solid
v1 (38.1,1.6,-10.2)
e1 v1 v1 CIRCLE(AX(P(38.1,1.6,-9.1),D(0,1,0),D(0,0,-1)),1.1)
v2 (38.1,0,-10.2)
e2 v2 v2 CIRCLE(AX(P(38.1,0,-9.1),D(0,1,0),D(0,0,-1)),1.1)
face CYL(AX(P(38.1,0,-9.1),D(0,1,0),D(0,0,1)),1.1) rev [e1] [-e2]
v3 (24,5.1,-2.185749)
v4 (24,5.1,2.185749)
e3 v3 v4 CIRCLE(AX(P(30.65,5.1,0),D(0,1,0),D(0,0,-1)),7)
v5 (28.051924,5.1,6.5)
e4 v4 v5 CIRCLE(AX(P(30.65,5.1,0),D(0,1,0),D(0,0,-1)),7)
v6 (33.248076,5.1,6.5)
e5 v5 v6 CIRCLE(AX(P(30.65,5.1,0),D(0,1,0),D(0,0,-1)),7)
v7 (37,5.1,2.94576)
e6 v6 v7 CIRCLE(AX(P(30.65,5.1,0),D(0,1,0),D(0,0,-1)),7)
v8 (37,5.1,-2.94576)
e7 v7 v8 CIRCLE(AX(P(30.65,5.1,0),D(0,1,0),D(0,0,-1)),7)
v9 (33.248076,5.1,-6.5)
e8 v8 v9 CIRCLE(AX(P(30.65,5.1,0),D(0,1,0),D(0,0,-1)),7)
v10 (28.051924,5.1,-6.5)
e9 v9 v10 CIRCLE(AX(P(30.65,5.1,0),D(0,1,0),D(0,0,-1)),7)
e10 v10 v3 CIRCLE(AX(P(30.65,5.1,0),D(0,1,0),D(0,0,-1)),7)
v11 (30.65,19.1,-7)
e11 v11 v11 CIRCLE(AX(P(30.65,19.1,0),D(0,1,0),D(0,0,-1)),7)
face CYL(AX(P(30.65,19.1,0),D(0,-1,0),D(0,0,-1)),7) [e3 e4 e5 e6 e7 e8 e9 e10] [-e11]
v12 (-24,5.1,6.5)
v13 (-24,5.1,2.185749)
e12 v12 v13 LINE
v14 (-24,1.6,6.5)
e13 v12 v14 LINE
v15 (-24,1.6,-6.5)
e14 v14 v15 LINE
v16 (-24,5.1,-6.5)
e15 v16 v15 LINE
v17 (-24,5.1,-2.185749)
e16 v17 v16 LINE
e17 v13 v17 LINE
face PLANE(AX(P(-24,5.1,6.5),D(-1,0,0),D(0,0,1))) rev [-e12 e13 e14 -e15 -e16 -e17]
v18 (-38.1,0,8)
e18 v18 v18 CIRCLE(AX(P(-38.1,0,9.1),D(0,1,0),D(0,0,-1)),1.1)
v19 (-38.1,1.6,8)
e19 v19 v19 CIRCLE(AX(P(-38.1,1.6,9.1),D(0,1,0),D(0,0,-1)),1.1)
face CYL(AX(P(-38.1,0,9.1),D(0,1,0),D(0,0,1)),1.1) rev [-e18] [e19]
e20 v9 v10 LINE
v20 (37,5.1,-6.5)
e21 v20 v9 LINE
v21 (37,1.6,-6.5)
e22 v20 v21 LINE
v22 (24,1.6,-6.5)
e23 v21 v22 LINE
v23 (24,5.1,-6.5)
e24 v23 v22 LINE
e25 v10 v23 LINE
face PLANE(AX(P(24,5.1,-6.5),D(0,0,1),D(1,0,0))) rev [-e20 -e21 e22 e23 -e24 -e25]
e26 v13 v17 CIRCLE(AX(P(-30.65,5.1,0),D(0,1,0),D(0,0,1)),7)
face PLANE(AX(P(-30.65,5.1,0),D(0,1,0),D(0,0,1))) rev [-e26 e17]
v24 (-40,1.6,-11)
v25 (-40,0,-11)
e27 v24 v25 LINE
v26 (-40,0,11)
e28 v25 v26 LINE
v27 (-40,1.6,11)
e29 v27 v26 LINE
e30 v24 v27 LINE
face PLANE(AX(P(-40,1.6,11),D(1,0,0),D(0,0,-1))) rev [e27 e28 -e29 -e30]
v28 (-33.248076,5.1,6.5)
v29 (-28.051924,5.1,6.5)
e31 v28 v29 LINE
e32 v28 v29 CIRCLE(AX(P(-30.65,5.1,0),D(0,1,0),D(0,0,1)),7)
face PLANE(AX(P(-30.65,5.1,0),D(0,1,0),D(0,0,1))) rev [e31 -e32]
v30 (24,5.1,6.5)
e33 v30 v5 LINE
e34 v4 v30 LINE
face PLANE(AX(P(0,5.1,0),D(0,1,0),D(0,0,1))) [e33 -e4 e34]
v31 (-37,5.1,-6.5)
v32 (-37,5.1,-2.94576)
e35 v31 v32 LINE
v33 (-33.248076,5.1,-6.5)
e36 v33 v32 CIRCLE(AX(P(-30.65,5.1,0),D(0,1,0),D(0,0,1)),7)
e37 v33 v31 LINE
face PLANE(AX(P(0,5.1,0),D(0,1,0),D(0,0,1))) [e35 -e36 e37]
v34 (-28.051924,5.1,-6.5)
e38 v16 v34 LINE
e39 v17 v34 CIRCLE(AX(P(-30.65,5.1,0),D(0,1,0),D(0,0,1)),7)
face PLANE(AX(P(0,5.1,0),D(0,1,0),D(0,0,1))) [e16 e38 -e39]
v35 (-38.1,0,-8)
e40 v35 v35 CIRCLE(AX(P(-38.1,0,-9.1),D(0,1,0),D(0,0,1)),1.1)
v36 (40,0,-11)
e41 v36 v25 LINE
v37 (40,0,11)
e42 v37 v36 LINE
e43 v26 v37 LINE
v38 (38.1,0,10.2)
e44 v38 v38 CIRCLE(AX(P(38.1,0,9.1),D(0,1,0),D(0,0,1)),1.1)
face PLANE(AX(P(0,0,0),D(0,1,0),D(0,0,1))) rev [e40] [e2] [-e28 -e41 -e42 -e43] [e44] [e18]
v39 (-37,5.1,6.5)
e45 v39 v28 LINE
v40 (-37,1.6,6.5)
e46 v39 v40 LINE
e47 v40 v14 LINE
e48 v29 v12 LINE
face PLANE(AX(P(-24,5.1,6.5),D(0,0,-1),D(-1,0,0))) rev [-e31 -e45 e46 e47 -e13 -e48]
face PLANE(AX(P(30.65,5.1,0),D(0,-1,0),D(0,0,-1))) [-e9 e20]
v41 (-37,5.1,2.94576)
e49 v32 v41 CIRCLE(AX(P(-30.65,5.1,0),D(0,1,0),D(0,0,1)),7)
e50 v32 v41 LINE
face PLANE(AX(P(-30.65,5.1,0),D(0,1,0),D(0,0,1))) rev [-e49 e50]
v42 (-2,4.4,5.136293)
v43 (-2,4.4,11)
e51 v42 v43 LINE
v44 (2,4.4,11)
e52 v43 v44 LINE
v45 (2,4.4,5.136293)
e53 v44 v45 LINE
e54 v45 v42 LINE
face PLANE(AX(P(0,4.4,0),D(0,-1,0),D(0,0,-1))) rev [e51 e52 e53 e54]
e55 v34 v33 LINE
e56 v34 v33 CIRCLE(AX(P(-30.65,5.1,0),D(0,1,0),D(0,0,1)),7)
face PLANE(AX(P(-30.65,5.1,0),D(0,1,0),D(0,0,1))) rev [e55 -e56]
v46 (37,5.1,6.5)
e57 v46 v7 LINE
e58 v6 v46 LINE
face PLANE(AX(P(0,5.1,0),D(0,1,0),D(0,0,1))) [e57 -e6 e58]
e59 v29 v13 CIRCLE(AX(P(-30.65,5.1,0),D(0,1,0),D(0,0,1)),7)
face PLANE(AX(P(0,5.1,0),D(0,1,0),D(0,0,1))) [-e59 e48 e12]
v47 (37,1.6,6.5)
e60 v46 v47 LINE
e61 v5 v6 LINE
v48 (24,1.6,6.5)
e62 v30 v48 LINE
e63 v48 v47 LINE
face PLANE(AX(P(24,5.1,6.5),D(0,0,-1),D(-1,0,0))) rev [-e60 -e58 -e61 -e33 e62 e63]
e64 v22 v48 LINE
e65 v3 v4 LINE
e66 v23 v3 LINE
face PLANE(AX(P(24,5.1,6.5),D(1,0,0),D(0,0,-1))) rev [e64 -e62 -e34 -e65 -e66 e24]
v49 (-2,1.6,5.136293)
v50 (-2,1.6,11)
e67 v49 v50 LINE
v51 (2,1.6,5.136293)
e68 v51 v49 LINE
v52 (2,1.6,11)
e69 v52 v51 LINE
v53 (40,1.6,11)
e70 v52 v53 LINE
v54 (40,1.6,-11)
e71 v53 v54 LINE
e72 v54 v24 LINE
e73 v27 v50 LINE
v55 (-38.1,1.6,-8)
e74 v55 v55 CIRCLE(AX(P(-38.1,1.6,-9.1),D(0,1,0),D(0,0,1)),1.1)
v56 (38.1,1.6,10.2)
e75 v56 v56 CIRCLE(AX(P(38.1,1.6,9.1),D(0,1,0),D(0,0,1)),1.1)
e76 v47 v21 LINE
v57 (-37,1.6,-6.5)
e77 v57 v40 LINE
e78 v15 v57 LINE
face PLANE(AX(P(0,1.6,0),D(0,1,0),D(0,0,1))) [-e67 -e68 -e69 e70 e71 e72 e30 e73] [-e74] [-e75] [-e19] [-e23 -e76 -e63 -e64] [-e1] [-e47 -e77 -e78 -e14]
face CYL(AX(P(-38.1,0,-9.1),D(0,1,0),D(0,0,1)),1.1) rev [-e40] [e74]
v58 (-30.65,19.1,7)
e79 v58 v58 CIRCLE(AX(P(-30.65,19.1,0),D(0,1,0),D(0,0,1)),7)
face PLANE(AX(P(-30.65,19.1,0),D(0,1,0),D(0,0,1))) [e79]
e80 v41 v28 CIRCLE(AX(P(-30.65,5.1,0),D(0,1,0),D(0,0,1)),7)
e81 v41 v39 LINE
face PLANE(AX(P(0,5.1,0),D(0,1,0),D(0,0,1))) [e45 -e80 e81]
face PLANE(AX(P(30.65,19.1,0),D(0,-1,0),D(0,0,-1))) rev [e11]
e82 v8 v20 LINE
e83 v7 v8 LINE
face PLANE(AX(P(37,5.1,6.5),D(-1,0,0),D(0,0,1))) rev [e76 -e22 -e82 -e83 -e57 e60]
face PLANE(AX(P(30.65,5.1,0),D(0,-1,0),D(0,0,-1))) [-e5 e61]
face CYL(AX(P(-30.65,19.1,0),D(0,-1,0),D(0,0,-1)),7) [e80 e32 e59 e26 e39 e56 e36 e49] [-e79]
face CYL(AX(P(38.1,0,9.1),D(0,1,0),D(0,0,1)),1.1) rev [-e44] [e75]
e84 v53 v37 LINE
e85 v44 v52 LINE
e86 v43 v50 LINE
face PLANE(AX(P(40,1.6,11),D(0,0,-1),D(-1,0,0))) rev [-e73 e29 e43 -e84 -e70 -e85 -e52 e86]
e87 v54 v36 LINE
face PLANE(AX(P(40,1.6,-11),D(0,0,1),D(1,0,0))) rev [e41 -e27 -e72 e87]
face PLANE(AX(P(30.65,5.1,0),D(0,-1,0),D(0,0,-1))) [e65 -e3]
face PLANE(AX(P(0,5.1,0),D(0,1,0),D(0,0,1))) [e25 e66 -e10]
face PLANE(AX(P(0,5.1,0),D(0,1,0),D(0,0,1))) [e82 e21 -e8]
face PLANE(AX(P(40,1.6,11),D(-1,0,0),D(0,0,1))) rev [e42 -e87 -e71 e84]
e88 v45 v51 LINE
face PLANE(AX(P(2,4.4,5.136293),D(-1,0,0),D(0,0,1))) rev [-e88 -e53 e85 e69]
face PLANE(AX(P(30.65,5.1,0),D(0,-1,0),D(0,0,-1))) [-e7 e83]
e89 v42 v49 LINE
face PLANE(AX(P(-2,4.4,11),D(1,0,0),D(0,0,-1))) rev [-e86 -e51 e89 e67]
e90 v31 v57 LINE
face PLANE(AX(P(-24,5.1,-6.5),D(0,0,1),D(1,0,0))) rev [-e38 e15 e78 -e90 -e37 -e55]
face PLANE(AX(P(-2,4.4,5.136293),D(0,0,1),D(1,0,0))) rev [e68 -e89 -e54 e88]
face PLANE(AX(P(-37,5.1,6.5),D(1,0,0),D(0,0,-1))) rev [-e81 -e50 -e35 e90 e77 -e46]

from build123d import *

# Parameters (mm, degrees)
SKETCH_1_W          = 80
SKETCH_1_H          = 22
EXTRUDE_1_DEPTH     = 1.6
SKETCH_2_W          = 13
SKETCH_2_H          = 13
EXTRUDE_2_DEPTH     = 3.5
SKETCH_4_R          = 7
EXTRUDE_3_DEPTH     = 14
SKETCH_5_R          = 1.1
CUT_EXTRUDE_1_DEPTH = 2.6
EXTRUDE_4_DEPTH     = 2.8


with BuildPart() as part:
    # 草图1 → 凸台-拉伸1 (new body)
    with BuildSketch(Plane(origin=(0, 0, 0), x_dir=(1, 0, 0), z_dir=(0, 1, 0))):
        Rectangle(SKETCH_1_W, SKETCH_1_H)
    extrude(amount=EXTRUDE_1_DEPTH)

    # 草图2 → 凸台-拉伸2 (add)
    with BuildSketch(Plane(origin=(0, 1.6, 0), x_dir=(1, 0, 0), z_dir=(0, 1, 0))):
        with Locations((30.5, 0)):
            Rectangle(SKETCH_2_W, SKETCH_2_H)
        with Locations((-30.5, 0)):
            Rectangle(SKETCH_2_W, SKETCH_2_H)
    extrude(amount=EXTRUDE_2_DEPTH)

    # 草图4 → 凸台-拉伸3 (add)
    with BuildSketch(Plane(origin=(0, 5.1, 0), x_dir=(1, 0, 0), z_dir=(0, 1, 0))):
        with Locations((-30.65, 0)):
            Circle(SKETCH_4_R)
        with Locations((30.65, 0)):
            Circle(SKETCH_4_R)
    extrude(amount=EXTRUDE_3_DEPTH)

    # 草图5 → 切除-拉伸1 (cut, through all)
    with BuildSketch(Plane(origin=(0, 1.6, 0), x_dir=(1, 0, 0), z_dir=(0, 1, 0))):
        with Locations((-38.1, 9.1)):
            Circle(SKETCH_5_R)
        with Locations((-38.1, -9.1)):
            Circle(SKETCH_5_R)
        with Locations((38.1, -9.1)):
            Circle(SKETCH_5_R)
        with Locations((38.1, 9.1)):
            Circle(SKETCH_5_R)
    extrude(amount=-CUT_EXTRUDE_1_DEPTH, mode=Mode.SUBTRACT)

    # 草图6 → 凸台-拉伸4 (add)
    with BuildSketch(Plane(origin=(0, 1.6, 0), x_dir=(1, 0, 0), z_dir=(0, 1, 0))):
        Polygon((0, -11), (-2, -11), (-2, -5.136292724), (2, -5.136292724), (2, -11), align=None)
    extrude(amount=EXTRUDE_4_DEPTH)


solid = part.part
